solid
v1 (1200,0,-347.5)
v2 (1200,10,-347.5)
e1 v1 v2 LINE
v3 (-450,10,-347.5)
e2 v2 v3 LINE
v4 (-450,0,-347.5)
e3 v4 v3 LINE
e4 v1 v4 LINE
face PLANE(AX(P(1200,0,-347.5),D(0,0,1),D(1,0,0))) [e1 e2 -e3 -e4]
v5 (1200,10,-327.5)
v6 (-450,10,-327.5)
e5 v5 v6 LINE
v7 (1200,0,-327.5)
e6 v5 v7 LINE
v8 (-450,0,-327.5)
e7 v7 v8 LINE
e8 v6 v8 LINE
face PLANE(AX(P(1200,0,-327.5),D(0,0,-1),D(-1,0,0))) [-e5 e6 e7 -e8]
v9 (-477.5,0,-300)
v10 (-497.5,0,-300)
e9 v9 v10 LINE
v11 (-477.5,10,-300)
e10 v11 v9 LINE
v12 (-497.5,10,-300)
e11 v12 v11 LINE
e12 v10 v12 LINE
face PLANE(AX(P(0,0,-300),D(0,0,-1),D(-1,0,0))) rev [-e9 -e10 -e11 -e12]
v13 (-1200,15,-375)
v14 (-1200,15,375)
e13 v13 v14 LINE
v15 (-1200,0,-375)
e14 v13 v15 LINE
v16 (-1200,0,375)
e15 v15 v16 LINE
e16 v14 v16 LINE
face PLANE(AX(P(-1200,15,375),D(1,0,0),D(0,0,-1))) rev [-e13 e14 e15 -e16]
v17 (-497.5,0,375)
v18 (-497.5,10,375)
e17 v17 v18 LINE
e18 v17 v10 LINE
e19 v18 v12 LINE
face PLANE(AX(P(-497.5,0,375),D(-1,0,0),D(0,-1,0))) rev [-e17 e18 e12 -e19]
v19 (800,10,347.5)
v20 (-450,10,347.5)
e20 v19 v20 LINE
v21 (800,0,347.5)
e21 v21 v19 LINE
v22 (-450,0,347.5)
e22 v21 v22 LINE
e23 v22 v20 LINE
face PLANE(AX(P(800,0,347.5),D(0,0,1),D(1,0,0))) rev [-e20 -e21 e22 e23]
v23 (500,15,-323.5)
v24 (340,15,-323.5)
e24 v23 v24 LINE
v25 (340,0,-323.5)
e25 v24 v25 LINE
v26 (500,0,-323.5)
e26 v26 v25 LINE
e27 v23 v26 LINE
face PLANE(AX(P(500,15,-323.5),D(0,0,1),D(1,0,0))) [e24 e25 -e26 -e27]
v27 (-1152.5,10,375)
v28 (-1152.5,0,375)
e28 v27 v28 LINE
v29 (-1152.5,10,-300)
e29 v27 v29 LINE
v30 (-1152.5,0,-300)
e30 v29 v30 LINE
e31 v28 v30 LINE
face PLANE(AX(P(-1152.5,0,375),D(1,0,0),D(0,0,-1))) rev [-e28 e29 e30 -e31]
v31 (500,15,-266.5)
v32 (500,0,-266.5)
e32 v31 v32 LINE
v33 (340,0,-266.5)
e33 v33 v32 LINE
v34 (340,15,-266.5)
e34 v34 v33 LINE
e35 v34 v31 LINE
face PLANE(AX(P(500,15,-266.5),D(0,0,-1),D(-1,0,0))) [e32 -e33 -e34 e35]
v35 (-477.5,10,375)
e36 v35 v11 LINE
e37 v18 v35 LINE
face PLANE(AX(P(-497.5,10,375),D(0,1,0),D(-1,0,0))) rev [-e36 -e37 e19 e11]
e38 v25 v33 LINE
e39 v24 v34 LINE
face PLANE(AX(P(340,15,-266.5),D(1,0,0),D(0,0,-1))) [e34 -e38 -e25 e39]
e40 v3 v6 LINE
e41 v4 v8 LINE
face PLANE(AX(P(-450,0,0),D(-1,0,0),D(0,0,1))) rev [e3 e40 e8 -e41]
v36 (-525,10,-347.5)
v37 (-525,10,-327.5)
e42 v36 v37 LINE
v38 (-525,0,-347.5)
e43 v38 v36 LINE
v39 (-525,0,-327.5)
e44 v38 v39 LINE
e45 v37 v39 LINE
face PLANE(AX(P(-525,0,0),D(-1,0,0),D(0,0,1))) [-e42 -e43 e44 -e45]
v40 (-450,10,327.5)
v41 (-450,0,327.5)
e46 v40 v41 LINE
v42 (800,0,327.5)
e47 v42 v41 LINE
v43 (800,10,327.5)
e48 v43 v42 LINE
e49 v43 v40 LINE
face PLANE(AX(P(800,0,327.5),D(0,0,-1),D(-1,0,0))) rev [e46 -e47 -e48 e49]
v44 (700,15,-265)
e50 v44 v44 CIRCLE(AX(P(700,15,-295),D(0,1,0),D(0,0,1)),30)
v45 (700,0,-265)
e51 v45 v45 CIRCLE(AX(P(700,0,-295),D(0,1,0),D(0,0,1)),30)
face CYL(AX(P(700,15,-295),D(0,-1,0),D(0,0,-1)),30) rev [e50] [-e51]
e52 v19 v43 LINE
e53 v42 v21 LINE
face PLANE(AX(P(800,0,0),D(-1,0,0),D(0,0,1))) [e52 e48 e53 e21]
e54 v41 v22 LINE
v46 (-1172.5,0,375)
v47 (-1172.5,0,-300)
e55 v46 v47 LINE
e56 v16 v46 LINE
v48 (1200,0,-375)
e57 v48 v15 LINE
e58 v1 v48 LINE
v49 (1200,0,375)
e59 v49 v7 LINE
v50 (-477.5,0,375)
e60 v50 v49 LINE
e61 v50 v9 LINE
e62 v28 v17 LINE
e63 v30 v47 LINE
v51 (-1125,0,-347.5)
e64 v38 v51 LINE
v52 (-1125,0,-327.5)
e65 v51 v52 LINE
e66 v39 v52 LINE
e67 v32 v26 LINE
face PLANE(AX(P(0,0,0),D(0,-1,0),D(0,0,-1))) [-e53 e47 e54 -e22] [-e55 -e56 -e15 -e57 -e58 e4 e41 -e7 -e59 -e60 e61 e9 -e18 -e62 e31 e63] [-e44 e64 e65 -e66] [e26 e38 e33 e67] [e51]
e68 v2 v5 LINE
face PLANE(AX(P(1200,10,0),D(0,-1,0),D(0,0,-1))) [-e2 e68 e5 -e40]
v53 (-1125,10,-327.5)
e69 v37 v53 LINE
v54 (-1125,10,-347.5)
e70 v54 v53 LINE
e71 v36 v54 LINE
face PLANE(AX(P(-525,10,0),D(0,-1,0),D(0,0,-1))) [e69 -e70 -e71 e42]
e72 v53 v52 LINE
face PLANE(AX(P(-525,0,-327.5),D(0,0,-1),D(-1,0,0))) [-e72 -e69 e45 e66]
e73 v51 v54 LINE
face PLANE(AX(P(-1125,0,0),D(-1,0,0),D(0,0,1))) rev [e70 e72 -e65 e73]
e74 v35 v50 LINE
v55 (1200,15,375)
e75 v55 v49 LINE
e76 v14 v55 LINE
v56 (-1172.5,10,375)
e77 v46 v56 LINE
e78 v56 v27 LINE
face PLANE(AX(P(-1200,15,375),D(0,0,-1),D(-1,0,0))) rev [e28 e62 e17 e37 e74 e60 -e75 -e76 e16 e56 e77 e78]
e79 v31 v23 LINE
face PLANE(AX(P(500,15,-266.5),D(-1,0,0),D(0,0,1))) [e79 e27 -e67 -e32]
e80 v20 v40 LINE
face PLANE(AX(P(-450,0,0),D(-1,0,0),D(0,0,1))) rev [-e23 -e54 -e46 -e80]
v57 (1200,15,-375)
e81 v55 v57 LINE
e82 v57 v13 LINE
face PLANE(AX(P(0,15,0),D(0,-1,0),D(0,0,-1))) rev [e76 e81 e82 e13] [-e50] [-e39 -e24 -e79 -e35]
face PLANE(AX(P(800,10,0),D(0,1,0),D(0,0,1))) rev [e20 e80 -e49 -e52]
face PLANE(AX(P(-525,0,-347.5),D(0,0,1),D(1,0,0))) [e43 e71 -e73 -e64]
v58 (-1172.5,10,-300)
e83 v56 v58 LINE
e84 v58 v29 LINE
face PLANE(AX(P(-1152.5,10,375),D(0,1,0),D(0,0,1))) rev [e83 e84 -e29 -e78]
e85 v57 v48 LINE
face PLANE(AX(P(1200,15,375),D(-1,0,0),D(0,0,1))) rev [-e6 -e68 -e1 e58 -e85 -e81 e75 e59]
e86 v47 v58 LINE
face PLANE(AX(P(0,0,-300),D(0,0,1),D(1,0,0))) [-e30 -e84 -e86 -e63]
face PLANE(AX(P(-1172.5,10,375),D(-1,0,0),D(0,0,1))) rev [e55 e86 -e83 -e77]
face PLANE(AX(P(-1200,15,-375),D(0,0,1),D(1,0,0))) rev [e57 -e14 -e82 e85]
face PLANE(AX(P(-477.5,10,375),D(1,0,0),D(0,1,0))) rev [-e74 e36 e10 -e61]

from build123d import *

# Parameters (mm, degrees)
SKETCH1_W           = 2400
SKETCH1_H           = 750
SKETCH1_R           = 30
SKETCH1_W_2         = 160
SKETCH1_H_2         = 57
BOSS_EXTRUDE1_DEPTH = 15
CUT_EXTRUDE1_START  = -75
SKETCH3_W           = 20
SKETCH3_H           = 10
CUT_EXTRUDE1_DEPTH  = 676
CUT_EXTRUDE2_START  = -675
SKETCH4_W           = 20
SKETCH4_H           = 10
CUT_EXTRUDE2_DEPTH  = 600
CUT_EXTRUDE3_START  = -2400
SKETCH4_4_W         = 20
SKETCH4_4_H         = 10
CUT_EXTRUDE3_DEPTH  = 1650
CUT_EXTRUDE4_START  = -2000
SKETCH4_5_W         = 20
SKETCH4_5_H         = 10
CUT_EXTRUDE4_DEPTH  = 1250


with BuildPart() as part:
    # Sketch1 → Boss-Extrude1 (new body)
    with BuildSketch(Plane(origin=(0, 0, 0), x_dir=(1, 0, 0), z_dir=(0, 1, 0))):
        Rectangle(SKETCH1_W, SKETCH1_H)
        with Locations((700, 295)):
            Circle(SKETCH1_R, mode=Mode.SUBTRACT)
        with Locations((420, 295)):
            Rectangle(SKETCH1_W_2, SKETCH1_H_2, mode=Mode.SUBTRACT)
    extrude(amount=BOSS_EXTRUDE1_DEPTH)

    # Sketch3 → Cut-Extrude1 (cut, through all)
    with BuildSketch(Plane(origin=(0, 0, -375), x_dir=(-1, 0, 0), z_dir=(0, 0, -1)).offset(CUT_EXTRUDE1_START)):
        with Locations((1162.5, 5)):
            Rectangle(SKETCH3_W, SKETCH3_H)
        with Locations((487.5, 5)):
            Rectangle(SKETCH3_W, SKETCH3_H)
    extrude(amount=-CUT_EXTRUDE1_DEPTH, mode=Mode.SUBTRACT)

    # Sketch4 → Cut-Extrude2 (cut)
    with BuildSketch(Plane.ZY.offset(1200).offset(CUT_EXTRUDE2_START)):
        with Locations((-337.5, 5)):
            Rectangle(SKETCH4_W, SKETCH4_H)
    extrude(amount=CUT_EXTRUDE2_DEPTH, mode=Mode.SUBTRACT)

    # Sketch4<4> → Cut-Extrude3 (cut)
    with BuildSketch(Plane.ZY.offset(1200).offset(CUT_EXTRUDE3_START)):
        with Locations((-337.5, 5)):
            Rectangle(SKETCH4_4_W, SKETCH4_4_H)
    extrude(amount=CUT_EXTRUDE3_DEPTH, mode=Mode.SUBTRACT)

    # Sketch4<5> → Cut-Extrude4 (cut)
    with BuildSketch(Plane.ZY.offset(1200).offset(CUT_EXTRUDE4_START)):
        with Locations((337.5, 5)):
            Rectangle(SKETCH4_5_W, SKETCH4_5_H)
    extrude(amount=CUT_EXTRUDE4_DEPTH, mode=Mode.SUBTRACT)


solid = part.part
